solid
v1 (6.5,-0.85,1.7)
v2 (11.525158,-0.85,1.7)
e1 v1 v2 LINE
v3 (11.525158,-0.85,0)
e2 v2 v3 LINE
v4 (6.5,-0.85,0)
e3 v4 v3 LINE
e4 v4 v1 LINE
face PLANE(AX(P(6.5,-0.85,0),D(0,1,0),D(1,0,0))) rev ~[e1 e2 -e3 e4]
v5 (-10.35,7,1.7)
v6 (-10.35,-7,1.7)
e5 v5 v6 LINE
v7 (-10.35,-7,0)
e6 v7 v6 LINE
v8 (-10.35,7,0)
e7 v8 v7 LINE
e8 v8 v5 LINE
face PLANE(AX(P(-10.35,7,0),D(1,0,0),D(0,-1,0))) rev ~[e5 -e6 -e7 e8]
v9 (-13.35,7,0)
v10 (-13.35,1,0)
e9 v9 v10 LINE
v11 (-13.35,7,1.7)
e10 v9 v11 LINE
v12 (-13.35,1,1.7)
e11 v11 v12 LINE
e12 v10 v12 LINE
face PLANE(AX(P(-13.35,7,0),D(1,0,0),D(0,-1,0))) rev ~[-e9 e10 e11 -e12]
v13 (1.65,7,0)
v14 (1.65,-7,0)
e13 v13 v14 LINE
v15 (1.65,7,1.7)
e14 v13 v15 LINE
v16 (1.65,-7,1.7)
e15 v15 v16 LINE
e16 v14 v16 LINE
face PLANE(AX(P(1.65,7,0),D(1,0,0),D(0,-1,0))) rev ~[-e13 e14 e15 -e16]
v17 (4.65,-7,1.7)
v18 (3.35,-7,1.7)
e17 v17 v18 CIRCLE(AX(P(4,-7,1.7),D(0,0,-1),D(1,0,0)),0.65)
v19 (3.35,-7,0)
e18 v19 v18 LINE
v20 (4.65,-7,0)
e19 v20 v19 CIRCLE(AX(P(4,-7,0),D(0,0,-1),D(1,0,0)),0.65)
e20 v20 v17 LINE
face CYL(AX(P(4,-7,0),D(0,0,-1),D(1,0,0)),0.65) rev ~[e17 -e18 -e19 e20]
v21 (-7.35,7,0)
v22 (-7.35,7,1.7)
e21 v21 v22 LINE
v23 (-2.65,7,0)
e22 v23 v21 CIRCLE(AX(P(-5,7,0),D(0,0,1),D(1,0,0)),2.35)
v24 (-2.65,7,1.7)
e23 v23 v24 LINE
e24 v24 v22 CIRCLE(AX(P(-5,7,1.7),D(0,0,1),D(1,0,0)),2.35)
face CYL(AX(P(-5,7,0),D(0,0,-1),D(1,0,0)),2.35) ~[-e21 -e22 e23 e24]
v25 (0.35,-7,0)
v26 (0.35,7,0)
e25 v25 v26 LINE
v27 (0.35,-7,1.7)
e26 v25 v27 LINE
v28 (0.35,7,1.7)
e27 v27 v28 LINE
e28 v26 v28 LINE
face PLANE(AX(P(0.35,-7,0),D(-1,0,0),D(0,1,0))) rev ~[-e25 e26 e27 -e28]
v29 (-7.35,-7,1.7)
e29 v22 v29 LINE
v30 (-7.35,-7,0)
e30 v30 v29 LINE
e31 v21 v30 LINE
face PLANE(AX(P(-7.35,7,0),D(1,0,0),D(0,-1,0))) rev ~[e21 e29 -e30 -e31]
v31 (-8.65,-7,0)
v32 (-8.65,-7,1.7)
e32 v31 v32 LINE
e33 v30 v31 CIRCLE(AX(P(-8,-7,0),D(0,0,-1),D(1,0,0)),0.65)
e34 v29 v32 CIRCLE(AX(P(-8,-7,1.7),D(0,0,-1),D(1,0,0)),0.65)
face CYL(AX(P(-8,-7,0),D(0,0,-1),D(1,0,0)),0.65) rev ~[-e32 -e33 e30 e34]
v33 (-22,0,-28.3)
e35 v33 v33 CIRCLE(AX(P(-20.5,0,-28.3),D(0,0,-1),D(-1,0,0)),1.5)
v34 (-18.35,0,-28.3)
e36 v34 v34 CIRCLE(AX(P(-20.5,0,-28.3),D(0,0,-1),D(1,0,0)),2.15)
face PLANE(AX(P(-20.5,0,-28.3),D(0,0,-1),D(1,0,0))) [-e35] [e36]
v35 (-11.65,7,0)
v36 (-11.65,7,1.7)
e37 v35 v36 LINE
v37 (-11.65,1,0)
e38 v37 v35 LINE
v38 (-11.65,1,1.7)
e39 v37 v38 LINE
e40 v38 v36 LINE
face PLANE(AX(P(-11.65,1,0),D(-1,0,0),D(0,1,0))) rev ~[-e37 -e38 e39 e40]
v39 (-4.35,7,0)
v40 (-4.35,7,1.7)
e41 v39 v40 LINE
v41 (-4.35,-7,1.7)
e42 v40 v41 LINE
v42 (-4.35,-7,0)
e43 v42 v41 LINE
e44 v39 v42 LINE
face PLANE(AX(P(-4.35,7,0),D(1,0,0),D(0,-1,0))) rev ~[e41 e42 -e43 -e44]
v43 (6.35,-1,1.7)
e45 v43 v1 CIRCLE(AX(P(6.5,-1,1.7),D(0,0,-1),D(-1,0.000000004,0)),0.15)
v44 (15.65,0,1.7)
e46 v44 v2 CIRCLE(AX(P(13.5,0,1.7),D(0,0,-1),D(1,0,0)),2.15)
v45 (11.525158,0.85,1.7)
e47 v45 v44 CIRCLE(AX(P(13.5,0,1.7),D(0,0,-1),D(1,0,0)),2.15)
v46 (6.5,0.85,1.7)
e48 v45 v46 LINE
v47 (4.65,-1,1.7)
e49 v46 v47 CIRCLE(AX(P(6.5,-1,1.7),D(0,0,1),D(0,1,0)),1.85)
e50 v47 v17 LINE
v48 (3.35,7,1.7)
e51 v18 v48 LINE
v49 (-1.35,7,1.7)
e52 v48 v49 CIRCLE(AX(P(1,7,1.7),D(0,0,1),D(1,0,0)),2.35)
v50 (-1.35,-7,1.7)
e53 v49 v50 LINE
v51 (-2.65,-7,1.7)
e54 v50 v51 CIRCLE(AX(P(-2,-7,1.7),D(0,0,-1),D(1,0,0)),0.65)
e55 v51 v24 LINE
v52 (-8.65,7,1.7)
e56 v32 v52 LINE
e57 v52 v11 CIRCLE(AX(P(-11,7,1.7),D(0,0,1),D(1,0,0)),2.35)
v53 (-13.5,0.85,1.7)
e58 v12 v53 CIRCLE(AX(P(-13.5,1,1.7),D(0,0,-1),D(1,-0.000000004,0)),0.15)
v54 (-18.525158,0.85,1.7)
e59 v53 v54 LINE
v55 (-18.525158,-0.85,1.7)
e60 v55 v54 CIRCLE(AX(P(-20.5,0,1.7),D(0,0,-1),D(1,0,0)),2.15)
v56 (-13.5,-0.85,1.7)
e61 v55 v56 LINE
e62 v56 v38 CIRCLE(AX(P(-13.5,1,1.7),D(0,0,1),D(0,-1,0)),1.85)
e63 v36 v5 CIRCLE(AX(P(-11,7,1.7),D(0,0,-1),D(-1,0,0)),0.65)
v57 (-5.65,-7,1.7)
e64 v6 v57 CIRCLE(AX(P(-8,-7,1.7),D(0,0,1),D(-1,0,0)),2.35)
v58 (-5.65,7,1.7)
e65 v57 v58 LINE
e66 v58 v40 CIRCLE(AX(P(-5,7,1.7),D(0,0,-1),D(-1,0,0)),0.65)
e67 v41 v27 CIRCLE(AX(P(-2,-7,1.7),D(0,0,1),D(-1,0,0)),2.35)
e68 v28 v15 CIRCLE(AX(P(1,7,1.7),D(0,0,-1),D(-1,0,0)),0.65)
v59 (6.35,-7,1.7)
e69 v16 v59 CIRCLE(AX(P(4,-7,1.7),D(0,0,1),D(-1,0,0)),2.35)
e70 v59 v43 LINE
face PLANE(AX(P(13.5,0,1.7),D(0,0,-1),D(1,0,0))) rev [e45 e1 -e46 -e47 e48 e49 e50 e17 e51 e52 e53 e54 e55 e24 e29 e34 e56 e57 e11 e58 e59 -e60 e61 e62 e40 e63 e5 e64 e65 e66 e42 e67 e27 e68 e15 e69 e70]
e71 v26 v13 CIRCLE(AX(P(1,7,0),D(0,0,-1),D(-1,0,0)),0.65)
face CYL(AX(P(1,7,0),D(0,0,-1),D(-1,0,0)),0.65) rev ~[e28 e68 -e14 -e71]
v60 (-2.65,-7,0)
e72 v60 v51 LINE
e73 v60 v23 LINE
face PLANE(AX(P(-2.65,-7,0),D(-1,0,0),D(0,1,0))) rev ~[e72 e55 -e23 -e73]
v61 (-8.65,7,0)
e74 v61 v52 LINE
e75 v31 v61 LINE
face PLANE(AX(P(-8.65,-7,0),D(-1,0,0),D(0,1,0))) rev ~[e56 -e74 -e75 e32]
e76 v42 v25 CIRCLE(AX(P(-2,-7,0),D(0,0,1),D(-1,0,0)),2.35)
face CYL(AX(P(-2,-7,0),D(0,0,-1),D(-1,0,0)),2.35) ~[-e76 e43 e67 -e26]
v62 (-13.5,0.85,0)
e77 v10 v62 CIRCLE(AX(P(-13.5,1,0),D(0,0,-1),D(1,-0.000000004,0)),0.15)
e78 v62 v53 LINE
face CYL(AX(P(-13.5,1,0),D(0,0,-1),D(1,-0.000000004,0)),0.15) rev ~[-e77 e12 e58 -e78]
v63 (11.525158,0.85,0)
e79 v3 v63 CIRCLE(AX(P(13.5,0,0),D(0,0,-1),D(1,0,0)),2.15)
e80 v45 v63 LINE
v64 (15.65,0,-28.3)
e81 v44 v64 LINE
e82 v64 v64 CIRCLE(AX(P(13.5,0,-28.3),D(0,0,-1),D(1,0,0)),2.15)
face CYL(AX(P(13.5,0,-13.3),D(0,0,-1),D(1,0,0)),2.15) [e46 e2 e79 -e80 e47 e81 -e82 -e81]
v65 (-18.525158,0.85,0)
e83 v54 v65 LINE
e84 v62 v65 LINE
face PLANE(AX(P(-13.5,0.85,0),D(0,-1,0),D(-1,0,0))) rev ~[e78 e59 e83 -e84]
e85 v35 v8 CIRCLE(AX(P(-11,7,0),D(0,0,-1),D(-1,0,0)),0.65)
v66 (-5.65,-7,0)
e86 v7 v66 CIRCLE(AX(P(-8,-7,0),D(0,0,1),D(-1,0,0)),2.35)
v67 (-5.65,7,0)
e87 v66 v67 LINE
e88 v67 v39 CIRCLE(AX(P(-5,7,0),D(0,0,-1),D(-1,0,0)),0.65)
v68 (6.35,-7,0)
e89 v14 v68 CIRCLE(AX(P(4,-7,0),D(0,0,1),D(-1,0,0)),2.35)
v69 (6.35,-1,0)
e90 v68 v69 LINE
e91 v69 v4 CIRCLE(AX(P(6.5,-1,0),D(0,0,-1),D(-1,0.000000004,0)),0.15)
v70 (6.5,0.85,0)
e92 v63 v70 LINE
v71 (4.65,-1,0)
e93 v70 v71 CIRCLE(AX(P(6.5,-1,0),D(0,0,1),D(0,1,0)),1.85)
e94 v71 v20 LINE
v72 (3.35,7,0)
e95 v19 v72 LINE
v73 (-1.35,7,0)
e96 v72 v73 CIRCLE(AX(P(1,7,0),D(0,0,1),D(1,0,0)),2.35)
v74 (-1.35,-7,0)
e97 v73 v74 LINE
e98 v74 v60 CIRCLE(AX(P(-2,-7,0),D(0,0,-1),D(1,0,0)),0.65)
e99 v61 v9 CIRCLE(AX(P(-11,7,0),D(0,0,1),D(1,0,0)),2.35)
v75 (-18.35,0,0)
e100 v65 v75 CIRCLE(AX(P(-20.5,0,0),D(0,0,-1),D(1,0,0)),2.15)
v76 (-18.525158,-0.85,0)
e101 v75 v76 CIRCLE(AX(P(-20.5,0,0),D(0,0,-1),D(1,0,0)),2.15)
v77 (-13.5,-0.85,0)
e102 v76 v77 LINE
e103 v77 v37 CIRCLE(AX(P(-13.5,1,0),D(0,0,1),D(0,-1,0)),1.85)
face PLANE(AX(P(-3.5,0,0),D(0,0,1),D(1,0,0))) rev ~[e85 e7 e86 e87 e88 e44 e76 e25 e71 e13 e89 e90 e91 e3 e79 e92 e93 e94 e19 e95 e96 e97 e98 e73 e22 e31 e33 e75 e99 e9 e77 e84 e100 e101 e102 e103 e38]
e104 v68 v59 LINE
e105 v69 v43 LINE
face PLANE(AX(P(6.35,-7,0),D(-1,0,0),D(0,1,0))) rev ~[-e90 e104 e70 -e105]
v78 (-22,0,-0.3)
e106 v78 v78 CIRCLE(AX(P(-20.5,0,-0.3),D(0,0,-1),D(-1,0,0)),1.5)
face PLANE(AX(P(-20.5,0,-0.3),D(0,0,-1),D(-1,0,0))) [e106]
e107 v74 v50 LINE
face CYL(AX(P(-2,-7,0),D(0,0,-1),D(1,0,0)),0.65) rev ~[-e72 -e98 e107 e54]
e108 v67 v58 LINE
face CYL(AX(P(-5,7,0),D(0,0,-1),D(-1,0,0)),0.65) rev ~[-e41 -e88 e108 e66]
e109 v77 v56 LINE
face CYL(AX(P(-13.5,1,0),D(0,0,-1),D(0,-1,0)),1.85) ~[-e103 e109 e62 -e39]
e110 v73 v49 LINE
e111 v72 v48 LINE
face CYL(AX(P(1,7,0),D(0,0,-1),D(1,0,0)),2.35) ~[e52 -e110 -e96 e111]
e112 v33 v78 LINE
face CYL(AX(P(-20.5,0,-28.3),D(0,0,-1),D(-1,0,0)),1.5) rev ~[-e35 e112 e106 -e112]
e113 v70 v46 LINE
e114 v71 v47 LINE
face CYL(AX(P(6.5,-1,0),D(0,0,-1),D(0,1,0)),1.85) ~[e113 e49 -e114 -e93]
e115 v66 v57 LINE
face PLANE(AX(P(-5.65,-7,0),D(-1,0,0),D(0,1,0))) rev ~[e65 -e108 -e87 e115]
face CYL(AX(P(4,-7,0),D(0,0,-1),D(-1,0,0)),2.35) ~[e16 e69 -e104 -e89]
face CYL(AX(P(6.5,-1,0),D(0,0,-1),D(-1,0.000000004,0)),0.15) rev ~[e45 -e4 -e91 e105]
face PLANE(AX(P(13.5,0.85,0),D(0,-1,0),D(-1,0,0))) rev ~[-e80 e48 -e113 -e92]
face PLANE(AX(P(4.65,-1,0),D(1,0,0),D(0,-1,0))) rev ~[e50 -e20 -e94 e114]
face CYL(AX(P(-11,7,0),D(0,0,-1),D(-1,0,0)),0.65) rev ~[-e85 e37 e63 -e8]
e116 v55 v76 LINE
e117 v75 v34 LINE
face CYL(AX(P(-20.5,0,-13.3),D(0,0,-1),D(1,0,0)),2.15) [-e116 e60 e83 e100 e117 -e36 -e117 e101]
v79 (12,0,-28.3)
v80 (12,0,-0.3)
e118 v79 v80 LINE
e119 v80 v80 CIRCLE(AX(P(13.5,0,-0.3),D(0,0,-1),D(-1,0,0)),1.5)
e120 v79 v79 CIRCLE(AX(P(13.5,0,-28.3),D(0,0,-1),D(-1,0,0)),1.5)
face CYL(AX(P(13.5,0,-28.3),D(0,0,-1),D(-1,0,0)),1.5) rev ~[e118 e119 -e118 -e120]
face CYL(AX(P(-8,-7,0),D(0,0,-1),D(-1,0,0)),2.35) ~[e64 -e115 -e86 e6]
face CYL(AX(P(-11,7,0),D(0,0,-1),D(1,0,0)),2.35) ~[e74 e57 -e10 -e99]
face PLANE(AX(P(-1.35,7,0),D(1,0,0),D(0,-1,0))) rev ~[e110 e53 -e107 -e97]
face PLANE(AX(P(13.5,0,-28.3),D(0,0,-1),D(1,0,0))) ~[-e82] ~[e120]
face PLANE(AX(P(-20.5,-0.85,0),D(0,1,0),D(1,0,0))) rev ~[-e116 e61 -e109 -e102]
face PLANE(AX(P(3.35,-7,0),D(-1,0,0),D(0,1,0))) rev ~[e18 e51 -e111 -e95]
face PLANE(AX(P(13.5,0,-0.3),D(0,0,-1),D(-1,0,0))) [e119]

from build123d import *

# Parameters (mm, degrees)
BOSS_EXTRUDE1_DEPTH = 1.7
SKETCH3_W           = 2.15
SKETCH3_H           = 30
SKETCH4_W           = 2.15
SKETCH4_H           = 30
SKETCH5_R           = 1.5
CUT_EXTRUDE1_DEPTH  = 28


with BuildPart() as part:
    # Sketch2 → Boss-Extrude1 (new body)
    with BuildSketch(Plane.XY):
        with BuildLine():
            Line((-20.5, -0.85), (-13.5, -0.85))
            ThreePointArc((-13.5, -0.85), (-12.191852455, -0.308147545), (-11.65, 1))
            Line((-11.65, 1), (-11.65, 7))
            ThreePointArc((-11.65, 7), (-11, 7.65), (-10.35, 7))
            Line((-10.35, 7), (-10.35, 0))
            Line((-10.35, 0), (-10.35, -7))
            ThreePointArc((-10.35, -7), (-8, -9.35), (-5.65, -7))
            Line((-5.65, -7), (-5.65, 0))
            Line((-5.65, 0), (-5.65, 7))
            ThreePointArc((-5.65, 7), (-5, 7.65), (-4.35, 7))
            Line((-4.35, 7), (-4.35, 0))
            Line((-4.35, 0), (-4.35, -7))
            ThreePointArc((-4.35, -7), (-2, -9.35), (0.35, -7))
            Line((0.35, -7), (0.35, 0))
            Line((0.35, 0), (0.35, 7))
            ThreePointArc((0.35, 7), (1, 7.65), (1.65, 7))
            Line((1.65, 7), (1.65, 0))
            Line((1.65, 0), (1.65, -7))
            ThreePointArc((1.65, -7), (4, -9.35), (6.35, -7))
            Line((6.35, -7), (6.35, -1))
            ThreePointArc((6.35, -1), (6.393933983, -0.893933983), (6.5, -0.85))
            Line((6.5, -0.85), (13.5, -0.85))
            ThreePointArc((13.5, -0.85), (14.35, 0), (13.5, 0.85))
            Line((13.5, 0.85), (6.5, 0.85))
            ThreePointArc((6.5, 0.85), (5.191852455, 0.308147545), (4.65, -1))
            Line((4.65, -1), (4.65, -7))
            ThreePointArc((4.65, -7), (4, -7.65), (3.35, -7))
            Line((3.35, -7), (3.35, 0))
            Line((3.35, 0), (3.35, 7))
            ThreePointArc((3.35, 7), (1, 9.35), (-1.35, 7))
            Line((-1.35, 7), (-1.35, 0))
            Line((-1.35, 0), (-1.35, -7))
            ThreePointArc((-1.35, -7), (-2, -7.65), (-2.65, -7))
            Line((-2.65, -7), (-2.65, 0))
            Line((-2.65, 0), (-2.65, 7))
            ThreePointArc((-2.65, 7), (-5, 9.35), (-7.35, 7))
            Line((-7.35, 7), (-7.35, 0))
            Line((-7.35, 0), (-7.35, -7))
            ThreePointArc((-7.35, -7), (-8, -7.65), (-8.65, -7))
            Line((-8.65, -7), (-8.65, 0))
            Line((-8.65, 0), (-8.65, 7))
            ThreePointArc((-8.65, 7), (-11, 9.35), (-13.35, 7))
            Line((-13.35, 7), (-13.35, 1))
            ThreePointArc((-13.35, 1), (-13.393933983, 0.893933983), (-13.5, 0.85))
            Line((-13.5, 0.85), (-20.5, 0.85))
            ThreePointArc((-20.5, 0.85), (-21.35, 0), (-20.5, -0.85))
        make_face()
    extrude(amount=BOSS_EXTRUDE1_DEPTH)

    # Sketch3 → Revolve1 (revolve)
    with BuildSketch(Plane(origin=(0, 0, 0), x_dir=(1, 0, 0), z_dir=(0, 1, 0)), mode=Mode.PRIVATE) as revolve1_sk:
        with Locations((-21.575, 13.3)):
            Rectangle(SKETCH3_W, SKETCH3_H)
    revolve(revolve1_sk.sketch.rotate(Axis((-20.5, 0, 1.7), (0, 0, -1)), 180), axis=Axis((-20.5, 0, 1.7), (0, 0, -1)))

    # Sketch4 → Revolve2 (revolve)
    with BuildSketch(Plane(origin=(0, 0, 0), x_dir=(1, 0, 0), z_dir=(0, 1, 0))):
        with Locations((14.575, 13.3)):
            Rectangle(SKETCH4_W, SKETCH4_H)
    revolve(axis=Axis((13.5, 0, 1.7), (0, 0, -1)))

    # Sketch5 → Cut-Extrude1 (cut)
    with BuildSketch(Plane(origin=(0, 0, -28.3), x_dir=(-1, 0, 0), z_dir=(0, 0, -1))):
        with Locations((-13.5, 0)):
            Circle(SKETCH5_R)
        with Locations((20.5, 0)):
            Circle(SKETCH5_R)
    extrude(amount=-CUT_EXTRUDE1_DEPTH, mode=Mode.SUBTRACT)


solid = part.part
